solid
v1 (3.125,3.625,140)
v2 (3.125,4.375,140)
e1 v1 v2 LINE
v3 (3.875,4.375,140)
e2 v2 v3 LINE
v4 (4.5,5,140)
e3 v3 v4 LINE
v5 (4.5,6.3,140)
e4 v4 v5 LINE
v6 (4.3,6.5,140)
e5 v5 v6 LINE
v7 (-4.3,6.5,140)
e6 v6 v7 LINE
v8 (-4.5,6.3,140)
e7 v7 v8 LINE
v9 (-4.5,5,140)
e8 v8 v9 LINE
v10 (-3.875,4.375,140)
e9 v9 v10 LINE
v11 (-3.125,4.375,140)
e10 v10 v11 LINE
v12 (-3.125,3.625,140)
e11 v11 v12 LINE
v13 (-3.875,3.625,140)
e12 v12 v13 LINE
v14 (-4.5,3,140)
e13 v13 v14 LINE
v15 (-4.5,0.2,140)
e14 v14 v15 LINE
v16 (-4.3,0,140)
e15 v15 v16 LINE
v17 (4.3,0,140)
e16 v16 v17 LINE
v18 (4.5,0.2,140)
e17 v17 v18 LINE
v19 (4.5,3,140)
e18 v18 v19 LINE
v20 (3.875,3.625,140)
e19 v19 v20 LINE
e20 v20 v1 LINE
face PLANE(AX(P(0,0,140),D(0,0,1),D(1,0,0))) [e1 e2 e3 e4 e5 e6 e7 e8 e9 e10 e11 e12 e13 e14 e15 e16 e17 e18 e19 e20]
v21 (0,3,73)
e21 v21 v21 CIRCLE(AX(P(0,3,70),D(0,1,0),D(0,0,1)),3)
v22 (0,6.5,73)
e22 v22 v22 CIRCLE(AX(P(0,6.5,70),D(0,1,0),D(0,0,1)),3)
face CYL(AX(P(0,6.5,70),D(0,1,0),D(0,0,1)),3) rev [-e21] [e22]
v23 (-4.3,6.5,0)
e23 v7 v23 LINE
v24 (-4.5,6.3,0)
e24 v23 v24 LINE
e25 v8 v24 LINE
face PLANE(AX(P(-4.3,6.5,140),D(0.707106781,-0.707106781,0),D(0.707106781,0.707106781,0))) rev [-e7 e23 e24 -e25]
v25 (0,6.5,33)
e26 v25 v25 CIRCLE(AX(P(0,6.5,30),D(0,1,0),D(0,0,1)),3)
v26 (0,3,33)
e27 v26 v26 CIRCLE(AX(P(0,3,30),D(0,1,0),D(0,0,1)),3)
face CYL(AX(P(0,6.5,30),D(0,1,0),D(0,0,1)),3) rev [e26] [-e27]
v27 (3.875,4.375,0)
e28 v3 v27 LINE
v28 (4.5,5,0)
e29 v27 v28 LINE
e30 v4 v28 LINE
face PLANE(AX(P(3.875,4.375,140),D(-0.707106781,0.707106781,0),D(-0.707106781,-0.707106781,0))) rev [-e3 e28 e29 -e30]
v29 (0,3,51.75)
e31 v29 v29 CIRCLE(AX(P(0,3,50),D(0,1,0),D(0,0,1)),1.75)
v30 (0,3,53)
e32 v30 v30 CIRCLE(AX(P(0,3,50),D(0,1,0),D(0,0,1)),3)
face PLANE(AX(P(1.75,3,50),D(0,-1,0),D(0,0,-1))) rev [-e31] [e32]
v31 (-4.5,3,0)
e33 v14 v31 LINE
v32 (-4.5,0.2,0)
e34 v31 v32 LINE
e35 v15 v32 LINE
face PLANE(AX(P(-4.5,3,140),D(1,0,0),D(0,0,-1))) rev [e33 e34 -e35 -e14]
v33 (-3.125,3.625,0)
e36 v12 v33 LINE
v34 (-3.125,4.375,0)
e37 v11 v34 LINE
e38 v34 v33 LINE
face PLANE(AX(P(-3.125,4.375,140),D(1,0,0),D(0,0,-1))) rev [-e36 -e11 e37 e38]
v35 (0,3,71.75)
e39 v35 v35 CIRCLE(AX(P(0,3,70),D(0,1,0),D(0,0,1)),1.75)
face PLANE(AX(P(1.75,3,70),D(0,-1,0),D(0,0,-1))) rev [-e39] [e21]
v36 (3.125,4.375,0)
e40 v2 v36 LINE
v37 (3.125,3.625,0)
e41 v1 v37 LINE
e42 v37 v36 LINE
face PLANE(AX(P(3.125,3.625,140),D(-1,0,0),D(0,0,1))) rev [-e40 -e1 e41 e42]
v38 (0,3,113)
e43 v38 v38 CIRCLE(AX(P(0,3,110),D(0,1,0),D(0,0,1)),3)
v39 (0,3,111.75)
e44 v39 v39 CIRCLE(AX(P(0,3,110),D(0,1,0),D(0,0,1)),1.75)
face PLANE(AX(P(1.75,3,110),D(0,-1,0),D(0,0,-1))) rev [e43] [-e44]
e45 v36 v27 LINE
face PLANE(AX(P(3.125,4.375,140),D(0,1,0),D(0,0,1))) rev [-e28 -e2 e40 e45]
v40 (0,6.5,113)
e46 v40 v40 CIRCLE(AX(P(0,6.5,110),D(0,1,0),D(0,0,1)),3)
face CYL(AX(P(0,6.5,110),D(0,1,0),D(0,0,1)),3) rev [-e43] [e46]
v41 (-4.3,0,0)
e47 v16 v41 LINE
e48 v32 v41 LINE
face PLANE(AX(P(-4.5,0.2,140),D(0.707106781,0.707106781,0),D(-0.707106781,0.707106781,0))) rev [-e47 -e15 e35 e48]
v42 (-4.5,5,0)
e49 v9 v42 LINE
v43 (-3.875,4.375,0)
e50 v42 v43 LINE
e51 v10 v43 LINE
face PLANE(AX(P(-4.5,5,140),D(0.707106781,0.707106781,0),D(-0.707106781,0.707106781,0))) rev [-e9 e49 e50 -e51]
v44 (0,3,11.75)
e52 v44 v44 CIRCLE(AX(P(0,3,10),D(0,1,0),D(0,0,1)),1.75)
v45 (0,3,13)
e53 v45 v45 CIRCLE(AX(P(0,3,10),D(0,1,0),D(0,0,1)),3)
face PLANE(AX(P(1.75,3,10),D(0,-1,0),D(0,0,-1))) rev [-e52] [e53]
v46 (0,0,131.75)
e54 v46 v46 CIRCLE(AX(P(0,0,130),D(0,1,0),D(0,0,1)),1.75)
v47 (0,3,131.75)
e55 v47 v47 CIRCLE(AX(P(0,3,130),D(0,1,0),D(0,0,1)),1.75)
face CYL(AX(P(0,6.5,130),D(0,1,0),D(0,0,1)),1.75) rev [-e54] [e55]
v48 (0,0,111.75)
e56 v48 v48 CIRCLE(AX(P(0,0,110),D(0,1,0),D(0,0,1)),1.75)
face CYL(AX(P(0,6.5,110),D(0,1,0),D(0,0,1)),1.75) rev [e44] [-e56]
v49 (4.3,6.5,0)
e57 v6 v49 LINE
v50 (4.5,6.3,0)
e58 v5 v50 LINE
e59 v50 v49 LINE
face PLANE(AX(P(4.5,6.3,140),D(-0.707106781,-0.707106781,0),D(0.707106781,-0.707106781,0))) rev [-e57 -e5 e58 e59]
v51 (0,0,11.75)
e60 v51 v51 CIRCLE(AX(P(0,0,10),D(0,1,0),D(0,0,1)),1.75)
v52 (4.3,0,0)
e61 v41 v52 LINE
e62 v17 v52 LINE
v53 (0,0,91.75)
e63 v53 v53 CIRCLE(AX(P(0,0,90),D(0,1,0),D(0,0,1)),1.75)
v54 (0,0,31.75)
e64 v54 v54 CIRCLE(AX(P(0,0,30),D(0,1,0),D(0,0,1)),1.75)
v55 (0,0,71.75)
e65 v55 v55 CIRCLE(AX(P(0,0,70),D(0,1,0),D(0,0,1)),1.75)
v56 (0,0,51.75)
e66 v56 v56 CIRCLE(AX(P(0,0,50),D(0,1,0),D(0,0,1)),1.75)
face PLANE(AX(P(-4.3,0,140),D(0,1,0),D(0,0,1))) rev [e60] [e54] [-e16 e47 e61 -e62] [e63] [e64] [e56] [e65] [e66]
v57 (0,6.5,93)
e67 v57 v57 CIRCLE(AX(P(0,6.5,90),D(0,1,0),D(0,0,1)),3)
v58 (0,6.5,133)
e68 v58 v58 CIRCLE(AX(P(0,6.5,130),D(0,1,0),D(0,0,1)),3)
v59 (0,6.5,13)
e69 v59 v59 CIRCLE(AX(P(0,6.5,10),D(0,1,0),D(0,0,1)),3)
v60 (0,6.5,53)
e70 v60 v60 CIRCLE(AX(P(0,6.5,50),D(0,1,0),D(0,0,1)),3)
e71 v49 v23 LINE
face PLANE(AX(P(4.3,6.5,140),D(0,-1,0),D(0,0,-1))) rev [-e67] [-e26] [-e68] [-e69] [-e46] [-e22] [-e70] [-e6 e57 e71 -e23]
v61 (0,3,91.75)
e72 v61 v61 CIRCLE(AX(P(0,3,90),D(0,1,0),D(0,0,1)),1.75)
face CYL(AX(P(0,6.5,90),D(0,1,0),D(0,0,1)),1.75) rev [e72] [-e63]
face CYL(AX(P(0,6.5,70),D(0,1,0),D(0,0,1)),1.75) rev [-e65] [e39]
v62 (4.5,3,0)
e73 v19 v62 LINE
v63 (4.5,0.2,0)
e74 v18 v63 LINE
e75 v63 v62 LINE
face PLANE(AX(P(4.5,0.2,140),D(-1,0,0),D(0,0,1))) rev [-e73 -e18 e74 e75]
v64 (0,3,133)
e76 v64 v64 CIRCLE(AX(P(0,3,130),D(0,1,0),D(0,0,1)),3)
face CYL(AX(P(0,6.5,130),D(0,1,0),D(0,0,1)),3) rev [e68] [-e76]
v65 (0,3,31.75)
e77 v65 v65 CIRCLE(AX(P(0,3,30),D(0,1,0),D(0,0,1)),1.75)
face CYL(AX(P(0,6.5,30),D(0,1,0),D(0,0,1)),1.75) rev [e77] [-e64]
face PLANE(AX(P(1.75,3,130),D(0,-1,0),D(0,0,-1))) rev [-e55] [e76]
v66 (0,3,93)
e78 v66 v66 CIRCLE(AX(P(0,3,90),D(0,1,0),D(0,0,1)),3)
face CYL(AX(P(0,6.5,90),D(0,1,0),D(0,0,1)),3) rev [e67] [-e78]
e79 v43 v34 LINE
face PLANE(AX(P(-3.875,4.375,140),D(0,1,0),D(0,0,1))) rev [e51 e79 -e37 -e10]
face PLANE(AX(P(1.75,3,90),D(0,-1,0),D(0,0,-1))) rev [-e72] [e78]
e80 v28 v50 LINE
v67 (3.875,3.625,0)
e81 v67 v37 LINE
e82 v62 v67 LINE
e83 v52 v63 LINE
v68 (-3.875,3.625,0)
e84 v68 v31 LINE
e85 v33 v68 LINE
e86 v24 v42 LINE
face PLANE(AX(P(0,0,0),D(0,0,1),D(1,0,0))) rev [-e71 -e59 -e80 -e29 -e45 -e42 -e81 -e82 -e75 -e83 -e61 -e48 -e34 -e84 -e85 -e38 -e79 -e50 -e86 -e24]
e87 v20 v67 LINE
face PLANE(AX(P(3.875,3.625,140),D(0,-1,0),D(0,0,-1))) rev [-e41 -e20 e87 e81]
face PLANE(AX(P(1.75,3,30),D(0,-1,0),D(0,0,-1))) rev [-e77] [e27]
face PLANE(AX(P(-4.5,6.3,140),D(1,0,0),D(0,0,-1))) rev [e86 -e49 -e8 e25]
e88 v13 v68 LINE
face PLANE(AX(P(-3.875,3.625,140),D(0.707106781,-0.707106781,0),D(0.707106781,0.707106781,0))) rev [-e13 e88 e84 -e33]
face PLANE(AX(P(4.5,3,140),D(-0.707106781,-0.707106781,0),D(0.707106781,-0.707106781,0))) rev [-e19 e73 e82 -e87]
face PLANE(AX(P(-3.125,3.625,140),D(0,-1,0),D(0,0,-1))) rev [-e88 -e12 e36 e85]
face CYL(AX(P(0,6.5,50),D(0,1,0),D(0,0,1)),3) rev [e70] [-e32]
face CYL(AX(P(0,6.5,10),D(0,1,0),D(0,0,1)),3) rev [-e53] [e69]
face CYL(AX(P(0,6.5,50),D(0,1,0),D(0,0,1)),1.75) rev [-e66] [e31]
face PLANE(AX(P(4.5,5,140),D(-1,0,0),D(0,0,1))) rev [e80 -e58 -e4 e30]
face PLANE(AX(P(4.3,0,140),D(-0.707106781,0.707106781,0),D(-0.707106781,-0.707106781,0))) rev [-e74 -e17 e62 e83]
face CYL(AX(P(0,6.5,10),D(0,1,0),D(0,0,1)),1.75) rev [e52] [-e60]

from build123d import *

# Parameters (mm, degrees)
EXTRUDE_1_DEPTH           = 140
HOLE_WIZARD_1_D           = 3.5
HOLE_WIZARD_1_CBORE_D     = 6
HOLE_WIZARD_1_CBORE_DEPTH = 3.5
PATTERN_LINEAR_1_COUNT    = 7
PATTERN_LINEAR_1_PITCH    = 20


with BuildPart() as part:
    # 草图1 → 凸台-拉伸1 (new body)
    with BuildSketch(Plane.XY):
        Polygon((4.3, 0), (4.5, 0.2), (4.5, 3), (3.875, 3.625), (3.125, 3.625), (3.125, 4.375), (3.875, 4.375), (4.5, 5), (4.5, 6.3), (4.3, 6.5), (-4.3, 6.5), (-4.5, 6.3), (-4.5, 5), (-3.875, 4.375), (-3.125, 4.375), (-3.125, 3.625), (-3.875, 3.625), (-4.5, 3), (-4.5, 0.2), (-4.3, 0), align=None)
    extrude(amount=EXTRUDE_1_DEPTH)

    # 打孔尺寸(%根据)内六角圆柱头螺钉的类型1 (through all)
    with Locations(Plane(origin=(0, 6.5, 0), x_dir=(1, 0, 0), z_dir=(0, 1, 0))):
        with Locations((0, -10)):
            hole_wizard_1 = CounterBoreHole(HOLE_WIZARD_1_D / 2, HOLE_WIZARD_1_CBORE_D / 2, HOLE_WIZARD_1_CBORE_DEPTH)

    # 阵列(线性)1: 打孔尺寸(%根据)内六角圆柱头螺钉的类型1 ×7
    with Locations(*[(0, 0, i * PATTERN_LINEAR_1_PITCH) for i in range(1, PATTERN_LINEAR_1_COUNT)]):
        add(hole_wizard_1, mode=Mode.SUBTRACT)


solid = part.part
